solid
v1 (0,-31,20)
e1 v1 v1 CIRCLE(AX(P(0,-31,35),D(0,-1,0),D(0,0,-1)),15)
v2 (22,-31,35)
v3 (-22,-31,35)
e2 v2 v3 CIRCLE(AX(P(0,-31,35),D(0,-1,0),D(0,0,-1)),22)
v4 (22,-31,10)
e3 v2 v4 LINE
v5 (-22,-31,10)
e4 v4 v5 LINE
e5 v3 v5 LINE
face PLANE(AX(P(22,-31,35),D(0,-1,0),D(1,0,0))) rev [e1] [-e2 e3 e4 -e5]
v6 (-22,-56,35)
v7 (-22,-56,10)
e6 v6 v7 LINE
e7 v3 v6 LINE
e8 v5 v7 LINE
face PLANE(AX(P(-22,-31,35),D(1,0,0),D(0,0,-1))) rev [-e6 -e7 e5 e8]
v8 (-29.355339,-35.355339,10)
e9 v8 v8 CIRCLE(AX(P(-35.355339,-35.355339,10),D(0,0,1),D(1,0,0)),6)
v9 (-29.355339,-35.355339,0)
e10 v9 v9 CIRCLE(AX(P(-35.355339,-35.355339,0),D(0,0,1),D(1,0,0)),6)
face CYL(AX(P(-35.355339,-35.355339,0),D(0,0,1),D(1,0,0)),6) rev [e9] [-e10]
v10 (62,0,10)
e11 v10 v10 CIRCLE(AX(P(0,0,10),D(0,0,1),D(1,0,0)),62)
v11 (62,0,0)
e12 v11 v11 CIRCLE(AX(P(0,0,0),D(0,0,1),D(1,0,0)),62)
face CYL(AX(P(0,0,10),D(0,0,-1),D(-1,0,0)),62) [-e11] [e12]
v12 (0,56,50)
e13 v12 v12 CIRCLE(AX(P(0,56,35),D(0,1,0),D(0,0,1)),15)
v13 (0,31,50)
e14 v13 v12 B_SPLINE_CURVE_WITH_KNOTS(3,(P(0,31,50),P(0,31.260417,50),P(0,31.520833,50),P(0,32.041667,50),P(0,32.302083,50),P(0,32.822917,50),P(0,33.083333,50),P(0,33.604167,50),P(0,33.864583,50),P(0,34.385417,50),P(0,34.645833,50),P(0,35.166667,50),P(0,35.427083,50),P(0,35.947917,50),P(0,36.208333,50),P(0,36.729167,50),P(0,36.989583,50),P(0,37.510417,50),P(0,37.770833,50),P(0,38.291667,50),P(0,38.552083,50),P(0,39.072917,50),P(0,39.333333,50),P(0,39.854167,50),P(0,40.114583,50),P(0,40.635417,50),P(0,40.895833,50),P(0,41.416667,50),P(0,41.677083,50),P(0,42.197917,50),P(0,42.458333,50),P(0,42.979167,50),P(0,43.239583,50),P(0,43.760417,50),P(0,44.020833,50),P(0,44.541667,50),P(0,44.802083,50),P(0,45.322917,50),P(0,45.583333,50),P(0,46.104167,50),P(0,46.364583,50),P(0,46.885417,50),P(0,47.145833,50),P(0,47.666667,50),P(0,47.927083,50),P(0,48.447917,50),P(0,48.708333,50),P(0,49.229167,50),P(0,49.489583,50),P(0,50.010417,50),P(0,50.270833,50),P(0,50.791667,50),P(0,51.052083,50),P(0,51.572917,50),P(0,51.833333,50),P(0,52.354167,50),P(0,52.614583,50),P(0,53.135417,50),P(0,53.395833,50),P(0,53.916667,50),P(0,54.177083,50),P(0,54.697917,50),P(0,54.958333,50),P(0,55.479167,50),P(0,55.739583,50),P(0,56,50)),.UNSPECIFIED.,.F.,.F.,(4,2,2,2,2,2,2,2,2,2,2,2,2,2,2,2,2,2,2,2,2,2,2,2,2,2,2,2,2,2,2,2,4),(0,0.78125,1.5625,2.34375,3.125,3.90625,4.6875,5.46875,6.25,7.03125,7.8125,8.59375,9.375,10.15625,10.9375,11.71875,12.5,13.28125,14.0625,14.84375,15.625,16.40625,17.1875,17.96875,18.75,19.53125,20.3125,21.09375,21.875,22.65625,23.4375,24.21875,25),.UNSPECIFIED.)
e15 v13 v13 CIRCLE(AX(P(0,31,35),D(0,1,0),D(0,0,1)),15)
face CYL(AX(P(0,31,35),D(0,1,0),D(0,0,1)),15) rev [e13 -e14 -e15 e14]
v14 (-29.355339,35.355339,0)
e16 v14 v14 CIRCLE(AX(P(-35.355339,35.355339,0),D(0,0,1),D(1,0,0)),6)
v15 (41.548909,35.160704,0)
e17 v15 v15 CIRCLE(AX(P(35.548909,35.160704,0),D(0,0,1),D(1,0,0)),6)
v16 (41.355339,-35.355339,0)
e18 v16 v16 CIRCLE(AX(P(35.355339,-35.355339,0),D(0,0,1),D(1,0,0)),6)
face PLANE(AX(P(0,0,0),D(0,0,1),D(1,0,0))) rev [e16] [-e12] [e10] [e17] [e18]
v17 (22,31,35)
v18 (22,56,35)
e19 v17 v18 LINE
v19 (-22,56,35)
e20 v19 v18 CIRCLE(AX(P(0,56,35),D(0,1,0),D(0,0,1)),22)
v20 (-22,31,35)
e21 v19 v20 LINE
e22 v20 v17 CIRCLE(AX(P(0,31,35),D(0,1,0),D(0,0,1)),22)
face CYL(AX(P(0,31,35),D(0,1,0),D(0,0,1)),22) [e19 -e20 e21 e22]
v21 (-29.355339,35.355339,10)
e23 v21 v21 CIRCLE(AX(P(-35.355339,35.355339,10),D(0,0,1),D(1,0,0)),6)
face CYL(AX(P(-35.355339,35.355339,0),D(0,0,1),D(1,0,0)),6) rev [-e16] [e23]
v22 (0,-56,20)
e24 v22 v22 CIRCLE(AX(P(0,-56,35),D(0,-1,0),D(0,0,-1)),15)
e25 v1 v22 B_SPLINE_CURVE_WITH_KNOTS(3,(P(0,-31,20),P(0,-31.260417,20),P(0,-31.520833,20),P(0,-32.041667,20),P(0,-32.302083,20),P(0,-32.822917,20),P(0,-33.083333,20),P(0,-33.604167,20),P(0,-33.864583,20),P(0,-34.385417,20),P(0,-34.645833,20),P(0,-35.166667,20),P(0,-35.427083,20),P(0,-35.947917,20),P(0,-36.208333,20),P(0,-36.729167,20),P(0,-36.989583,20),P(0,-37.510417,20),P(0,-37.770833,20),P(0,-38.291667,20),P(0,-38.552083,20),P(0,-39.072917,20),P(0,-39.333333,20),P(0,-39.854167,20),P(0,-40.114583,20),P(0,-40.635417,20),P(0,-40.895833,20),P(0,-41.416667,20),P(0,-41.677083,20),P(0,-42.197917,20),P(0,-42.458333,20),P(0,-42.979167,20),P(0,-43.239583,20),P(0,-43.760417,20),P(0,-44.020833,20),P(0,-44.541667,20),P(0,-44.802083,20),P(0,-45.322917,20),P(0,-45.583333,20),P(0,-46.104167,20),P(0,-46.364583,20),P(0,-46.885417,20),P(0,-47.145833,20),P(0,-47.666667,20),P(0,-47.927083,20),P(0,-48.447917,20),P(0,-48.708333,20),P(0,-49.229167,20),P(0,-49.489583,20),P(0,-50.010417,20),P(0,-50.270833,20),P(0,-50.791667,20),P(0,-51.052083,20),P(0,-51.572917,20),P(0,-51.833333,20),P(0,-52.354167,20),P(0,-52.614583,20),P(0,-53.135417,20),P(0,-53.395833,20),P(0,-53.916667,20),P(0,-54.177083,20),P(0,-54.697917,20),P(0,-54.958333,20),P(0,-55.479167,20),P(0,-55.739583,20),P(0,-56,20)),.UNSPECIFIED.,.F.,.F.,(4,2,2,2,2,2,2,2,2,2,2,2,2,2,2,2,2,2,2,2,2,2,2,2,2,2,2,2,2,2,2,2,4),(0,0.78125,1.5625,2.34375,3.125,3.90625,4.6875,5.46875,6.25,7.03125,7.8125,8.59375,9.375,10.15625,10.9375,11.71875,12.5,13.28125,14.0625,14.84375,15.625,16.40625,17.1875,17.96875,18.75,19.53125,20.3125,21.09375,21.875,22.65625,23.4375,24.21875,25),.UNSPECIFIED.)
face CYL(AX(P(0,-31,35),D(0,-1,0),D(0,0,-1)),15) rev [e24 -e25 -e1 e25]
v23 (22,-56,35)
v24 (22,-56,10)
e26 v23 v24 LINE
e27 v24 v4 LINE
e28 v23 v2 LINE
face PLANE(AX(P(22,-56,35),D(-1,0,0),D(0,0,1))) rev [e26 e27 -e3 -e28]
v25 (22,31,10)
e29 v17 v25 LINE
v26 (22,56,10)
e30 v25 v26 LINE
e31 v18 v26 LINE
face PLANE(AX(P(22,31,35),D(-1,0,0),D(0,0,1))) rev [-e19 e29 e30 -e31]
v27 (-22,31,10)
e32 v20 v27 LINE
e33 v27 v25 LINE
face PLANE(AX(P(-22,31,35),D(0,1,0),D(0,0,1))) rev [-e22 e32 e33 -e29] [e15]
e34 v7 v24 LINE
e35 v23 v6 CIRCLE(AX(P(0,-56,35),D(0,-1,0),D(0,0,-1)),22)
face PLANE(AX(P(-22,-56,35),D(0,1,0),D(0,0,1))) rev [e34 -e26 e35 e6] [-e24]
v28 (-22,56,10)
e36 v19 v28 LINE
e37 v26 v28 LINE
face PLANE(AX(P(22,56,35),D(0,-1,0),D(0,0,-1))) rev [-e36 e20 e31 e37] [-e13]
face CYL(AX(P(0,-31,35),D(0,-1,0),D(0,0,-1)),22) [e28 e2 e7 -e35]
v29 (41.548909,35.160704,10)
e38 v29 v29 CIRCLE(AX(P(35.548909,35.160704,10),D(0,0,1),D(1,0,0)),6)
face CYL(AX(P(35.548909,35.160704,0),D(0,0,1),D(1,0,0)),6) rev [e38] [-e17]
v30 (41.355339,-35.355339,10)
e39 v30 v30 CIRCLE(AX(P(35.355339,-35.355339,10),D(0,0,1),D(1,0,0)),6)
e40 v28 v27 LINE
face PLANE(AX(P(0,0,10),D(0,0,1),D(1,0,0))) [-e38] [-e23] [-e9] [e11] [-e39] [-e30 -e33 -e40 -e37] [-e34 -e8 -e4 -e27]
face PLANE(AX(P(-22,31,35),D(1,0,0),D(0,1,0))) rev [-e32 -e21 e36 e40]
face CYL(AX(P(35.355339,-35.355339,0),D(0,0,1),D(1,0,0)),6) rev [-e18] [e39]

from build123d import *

# Parameters (mm, degrees)
SKETCH1_R           = 62
BOSS_EXTRUDE1_DEPTH = 10
SKETCH2_R           = 6
CUT_EXTRUDE1_DEPTH  = 10
SKETCH4_W           = 44
SKETCH4_H           = 25
BOSS_EXTRUDE2_DEPTH = 25
BOSS_EXTRUDE5_DEPTH = 25
BOSS_EXTRUDE6_START = -25
BOSS_EXTRUDE6_DEPTH = 25
SKETCH9_R           = 15
CUT_EXTRUDE2_DEPTH  = 25
CUT_EXTRUDE3_START  = -25
SKETCH10_R          = 15
CUT_EXTRUDE3_DEPTH  = 25


with BuildPart() as part:
    # Sketch1 → Boss-Extrude1 (new body)
    with BuildSketch(Plane.XY):
        Circle(SKETCH1_R)
    extrude(amount=BOSS_EXTRUDE1_DEPTH)

    # Sketch2 → Cut-Extrude1 (cut)
    with BuildSketch(Plane.XY.offset(10)):
        with Locations((35.355339059, -35.355339059)):
            Circle(SKETCH2_R)
        with Locations((-35.355339059, -35.355339059)):
            Circle(SKETCH2_R)
        with Locations((-35.355339059, 35.355339059)):
            Circle(SKETCH2_R)
        with Locations((35.548908594, 35.160703886)):
            Circle(SKETCH2_R)
    extrude(amount=-CUT_EXTRUDE1_DEPTH, mode=Mode.SUBTRACT)

    # Sketch4 → Boss-Extrude2 (add)
    with BuildSketch(Plane.XY.offset(10)):
        with Locations((0, 43.5)):
            Rectangle(SKETCH4_W, SKETCH4_H)
        with Locations((0, -43.5)):
            Rectangle(SKETCH4_W, SKETCH4_H)
    extrude(amount=BOSS_EXTRUDE2_DEPTH)

    # Sketch5 → Boss-Extrude5 (add)
    with BuildSketch(Plane(origin=(0, 56, 0), x_dir=(1, 0, 0), z_dir=(0, 1, 0))):
        with BuildLine():
            Line((-22, -35), (22, -35))
            ThreePointArc((22, -35), (0, -57), (-22, -35))
        make_face()
    extrude(amount=-BOSS_EXTRUDE5_DEPTH)

    # Sketch8 → Boss-Extrude6 (add)
    with BuildSketch(Plane.XZ.offset(56).offset(BOSS_EXTRUDE6_START)):
        with BuildLine():
            Line((-22, 35), (22, 35))
            ThreePointArc((22, 35), (0, 57), (-22, 35))
        make_face()
    extrude(amount=BOSS_EXTRUDE6_DEPTH)

    # Sketch9 → Cut-Extrude2 (cut)
    with BuildSketch(Plane(origin=(0, 56, 0), x_dir=(1, 0, 0), z_dir=(0, 1, 0))):
        with Locations(Location((0, -35, 0), (0, 0, 270))):
            Circle(SKETCH9_R)
    extrude(amount=-CUT_EXTRUDE2_DEPTH, mode=Mode.SUBTRACT)

    # Sketch10 → Cut-Extrude3 (cut)
    with BuildSketch(Plane.XZ.offset(56).offset(CUT_EXTRUDE3_START)):
        with Locations(Location((0, 35, 0), (0, 0, 90))):
            Circle(SKETCH10_R)
    extrude(amount=CUT_EXTRUDE3_DEPTH, mode=Mode.SUBTRACT)


solid = part.part
